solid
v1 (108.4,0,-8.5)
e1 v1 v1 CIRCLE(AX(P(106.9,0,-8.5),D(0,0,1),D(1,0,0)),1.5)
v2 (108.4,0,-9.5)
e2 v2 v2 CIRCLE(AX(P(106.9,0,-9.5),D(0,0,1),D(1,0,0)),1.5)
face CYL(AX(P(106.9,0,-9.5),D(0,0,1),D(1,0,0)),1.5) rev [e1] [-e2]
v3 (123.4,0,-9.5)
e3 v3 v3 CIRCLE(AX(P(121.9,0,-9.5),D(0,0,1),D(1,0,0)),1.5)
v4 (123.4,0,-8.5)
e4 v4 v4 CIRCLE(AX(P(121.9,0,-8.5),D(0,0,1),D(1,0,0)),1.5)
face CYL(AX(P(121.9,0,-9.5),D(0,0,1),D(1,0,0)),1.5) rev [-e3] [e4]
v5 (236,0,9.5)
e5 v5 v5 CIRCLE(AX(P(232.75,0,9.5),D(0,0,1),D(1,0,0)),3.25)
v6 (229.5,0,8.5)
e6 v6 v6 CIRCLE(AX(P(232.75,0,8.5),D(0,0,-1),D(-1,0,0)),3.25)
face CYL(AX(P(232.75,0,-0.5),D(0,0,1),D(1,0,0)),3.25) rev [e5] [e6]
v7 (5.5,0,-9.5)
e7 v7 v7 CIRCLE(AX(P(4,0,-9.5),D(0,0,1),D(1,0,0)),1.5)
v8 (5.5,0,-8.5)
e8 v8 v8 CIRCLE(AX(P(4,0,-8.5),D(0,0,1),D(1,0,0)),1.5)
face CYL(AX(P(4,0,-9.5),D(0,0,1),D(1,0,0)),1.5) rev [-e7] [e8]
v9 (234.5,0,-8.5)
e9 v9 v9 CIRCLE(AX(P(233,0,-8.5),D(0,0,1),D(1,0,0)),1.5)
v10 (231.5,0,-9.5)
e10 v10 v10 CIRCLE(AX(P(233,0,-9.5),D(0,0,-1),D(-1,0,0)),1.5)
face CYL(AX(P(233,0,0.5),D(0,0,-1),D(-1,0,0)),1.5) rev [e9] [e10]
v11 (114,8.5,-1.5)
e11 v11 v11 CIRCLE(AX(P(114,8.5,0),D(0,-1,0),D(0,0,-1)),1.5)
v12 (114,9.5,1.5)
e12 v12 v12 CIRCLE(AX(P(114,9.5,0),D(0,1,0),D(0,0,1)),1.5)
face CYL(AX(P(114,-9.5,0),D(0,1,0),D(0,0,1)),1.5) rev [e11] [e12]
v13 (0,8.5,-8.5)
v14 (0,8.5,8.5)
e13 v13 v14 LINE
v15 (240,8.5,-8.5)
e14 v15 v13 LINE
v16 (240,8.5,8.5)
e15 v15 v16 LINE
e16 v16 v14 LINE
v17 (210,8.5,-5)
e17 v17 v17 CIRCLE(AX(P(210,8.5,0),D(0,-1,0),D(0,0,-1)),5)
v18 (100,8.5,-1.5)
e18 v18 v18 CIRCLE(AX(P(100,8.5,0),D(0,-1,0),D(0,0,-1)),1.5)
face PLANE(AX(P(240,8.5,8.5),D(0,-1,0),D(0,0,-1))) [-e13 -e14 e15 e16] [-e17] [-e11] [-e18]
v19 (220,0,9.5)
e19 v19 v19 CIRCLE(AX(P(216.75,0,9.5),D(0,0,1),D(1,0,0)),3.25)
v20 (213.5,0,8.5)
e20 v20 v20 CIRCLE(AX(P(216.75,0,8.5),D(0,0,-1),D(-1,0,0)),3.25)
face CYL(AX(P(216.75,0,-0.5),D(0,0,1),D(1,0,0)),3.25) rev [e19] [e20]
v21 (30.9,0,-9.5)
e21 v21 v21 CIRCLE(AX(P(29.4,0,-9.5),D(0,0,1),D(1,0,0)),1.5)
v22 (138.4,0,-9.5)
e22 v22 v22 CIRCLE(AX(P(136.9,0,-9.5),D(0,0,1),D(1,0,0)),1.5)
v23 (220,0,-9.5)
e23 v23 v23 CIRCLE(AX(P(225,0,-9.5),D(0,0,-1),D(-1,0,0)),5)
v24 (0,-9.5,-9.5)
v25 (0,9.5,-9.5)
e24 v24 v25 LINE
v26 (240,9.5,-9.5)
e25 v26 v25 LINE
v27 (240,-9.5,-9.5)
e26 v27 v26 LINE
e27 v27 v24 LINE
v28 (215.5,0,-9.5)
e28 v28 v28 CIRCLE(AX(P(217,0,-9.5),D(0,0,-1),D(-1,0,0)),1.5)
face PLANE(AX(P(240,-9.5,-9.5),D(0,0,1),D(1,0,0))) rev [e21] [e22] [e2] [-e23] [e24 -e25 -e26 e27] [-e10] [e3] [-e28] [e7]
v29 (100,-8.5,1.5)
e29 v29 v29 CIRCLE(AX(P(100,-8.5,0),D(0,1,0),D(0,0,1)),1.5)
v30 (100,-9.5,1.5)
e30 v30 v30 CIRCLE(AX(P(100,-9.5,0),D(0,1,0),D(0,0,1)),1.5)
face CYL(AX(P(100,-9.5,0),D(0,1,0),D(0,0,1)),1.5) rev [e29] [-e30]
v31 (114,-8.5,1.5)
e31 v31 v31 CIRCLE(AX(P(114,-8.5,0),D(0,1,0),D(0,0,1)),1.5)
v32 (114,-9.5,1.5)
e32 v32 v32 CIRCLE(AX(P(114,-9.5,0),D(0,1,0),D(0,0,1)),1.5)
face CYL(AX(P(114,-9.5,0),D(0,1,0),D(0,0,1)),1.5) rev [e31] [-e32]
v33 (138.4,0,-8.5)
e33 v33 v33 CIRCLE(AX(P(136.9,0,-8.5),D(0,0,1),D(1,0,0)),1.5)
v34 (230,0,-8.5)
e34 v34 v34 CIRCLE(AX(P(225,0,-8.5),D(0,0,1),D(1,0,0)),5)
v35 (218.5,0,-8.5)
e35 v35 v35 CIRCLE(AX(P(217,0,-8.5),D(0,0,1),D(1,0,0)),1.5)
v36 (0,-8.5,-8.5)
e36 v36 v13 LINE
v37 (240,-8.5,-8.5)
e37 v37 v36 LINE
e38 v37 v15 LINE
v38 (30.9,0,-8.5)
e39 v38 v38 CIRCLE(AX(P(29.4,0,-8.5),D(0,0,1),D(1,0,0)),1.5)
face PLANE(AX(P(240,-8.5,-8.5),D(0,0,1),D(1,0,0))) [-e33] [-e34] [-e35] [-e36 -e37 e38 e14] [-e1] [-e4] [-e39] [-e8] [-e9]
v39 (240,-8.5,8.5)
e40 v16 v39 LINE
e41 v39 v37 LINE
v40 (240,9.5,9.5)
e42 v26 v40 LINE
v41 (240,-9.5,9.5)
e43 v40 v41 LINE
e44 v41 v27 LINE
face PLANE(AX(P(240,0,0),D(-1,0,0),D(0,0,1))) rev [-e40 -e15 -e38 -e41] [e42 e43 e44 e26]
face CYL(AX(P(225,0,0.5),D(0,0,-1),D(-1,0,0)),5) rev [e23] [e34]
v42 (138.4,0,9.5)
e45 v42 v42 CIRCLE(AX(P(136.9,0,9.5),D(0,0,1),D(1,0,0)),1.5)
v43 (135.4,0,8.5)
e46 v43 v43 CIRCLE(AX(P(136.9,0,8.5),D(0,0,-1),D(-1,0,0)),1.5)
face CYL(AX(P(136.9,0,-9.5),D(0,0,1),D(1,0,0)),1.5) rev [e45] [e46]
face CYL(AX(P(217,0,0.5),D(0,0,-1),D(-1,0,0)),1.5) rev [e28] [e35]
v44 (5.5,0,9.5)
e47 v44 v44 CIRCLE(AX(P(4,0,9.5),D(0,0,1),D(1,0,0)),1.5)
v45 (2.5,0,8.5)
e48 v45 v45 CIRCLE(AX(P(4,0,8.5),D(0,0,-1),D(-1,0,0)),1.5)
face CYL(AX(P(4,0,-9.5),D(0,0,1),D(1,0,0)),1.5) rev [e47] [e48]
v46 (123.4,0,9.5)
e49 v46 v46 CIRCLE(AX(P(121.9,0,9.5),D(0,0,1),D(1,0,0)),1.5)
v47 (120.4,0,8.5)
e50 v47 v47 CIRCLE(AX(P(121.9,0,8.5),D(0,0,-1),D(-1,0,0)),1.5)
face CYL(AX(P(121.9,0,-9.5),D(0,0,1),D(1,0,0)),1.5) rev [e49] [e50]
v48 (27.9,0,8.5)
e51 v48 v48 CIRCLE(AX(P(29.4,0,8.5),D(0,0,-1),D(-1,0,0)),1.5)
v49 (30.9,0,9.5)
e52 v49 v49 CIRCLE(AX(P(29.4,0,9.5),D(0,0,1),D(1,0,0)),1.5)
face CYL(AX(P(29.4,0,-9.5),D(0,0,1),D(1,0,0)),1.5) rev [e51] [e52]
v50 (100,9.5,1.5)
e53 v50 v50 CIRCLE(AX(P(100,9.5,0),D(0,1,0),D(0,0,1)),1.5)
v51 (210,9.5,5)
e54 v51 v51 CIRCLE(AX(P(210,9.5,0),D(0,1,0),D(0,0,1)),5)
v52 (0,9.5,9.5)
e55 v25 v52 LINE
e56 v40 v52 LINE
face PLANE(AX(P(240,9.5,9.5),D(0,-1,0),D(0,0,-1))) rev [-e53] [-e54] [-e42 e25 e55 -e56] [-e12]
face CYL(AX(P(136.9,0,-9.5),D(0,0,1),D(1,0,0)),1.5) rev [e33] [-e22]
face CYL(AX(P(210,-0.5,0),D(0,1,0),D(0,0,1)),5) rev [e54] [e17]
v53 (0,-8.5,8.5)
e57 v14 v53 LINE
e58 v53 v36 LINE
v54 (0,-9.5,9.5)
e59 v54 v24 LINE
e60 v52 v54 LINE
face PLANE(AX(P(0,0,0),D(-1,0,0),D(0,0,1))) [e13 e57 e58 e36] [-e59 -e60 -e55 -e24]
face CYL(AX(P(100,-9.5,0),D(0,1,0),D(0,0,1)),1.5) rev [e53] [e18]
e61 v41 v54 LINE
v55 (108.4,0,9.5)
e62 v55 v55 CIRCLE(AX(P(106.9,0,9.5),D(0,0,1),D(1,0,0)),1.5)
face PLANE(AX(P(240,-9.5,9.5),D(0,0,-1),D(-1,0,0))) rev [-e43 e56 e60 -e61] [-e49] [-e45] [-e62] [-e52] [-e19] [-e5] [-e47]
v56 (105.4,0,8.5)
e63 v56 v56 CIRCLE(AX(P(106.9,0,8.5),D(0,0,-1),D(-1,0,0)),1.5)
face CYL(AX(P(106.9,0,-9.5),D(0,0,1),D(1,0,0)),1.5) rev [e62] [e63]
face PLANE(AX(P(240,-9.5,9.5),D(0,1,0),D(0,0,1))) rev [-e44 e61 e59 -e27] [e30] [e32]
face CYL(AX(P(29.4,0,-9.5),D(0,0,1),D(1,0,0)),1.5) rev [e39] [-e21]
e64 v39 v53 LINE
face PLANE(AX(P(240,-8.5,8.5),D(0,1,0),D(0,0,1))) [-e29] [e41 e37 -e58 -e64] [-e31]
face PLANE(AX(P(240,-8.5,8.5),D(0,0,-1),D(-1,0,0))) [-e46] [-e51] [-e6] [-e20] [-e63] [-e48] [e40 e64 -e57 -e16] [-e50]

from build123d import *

# Parameters (mm, degrees)
SKETCH1_W           = 19
SKETCH1_H           = 19
SKETCH1_W_2         = 17
SKETCH1_H_2         = 17
BOSS_EXTRUDE1_DEPTH = 240
SKETCH3_R           = 1.5
CUT_EXTRUDE1_DEPTH  = 241.938270103
SKETCH7_R           = 1.5
CUT_EXTRUDE5_DEPTH  = 241.938270103
SKETCH9_R           = 5
CUT_EXTRUDE6_DEPTH  = 10
SKETCH10_R          = 3.25
CUT_EXTRUDE7_DEPTH  = 10
SKETCH11_R          = 5
SKETCH11_R_2        = 1.5
CUT_EXTRUDE8_DEPTH  = 10


with BuildPart() as part:
    # Sketch1 → Boss-Extrude1 (new body)
    with BuildSketch(Plane(origin=(0, 0, 0), x_dir=(0, 0, -1), z_dir=(1, 0, 0))):
        Rectangle(SKETCH1_W, SKETCH1_H)
        Rectangle(SKETCH1_W_2, SKETCH1_H_2, mode=Mode.SUBTRACT)
    extrude(amount=BOSS_EXTRUDE1_DEPTH)

    # Sketch3 → Cut-Extrude1 (cut, through all)
    with BuildSketch(Plane.XY.offset(9.5)):
        with Locations((4, 0)):
            Circle(SKETCH3_R)
        with Locations((29.4, 0)):
            Circle(SKETCH3_R)
        with Locations((106.9, 0)):
            Circle(SKETCH3_R)
        with Locations((121.9, 0)):
            Circle(SKETCH3_R)
        with Locations((136.9, 0)):
            Circle(SKETCH3_R)
    extrude(amount=-CUT_EXTRUDE1_DEPTH, mode=Mode.SUBTRACT)

    # Sketch7 → Cut-Extrude5 (cut, through all)
    with BuildSketch(Plane(origin=(0, 9.5, 0), x_dir=(1, 0, 0), z_dir=(0, 1, 0))):
        with Locations(Location((100, 0, 0), (0, 0, 270))):
            Circle(SKETCH7_R)
        with Locations(Location((114, 0, 0), (0, 0, 270))):
            Circle(SKETCH7_R)
    extrude(amount=-CUT_EXTRUDE5_DEPTH, mode=Mode.SUBTRACT)

    # Sketch9 → Cut-Extrude6 (cut)
    with BuildSketch(Plane(origin=(0, 9.5, 0), x_dir=(1, 0, 0), z_dir=(0, 1, 0))):
        with Locations(Location((210, 0, 0), (0, 0, 270))):
            Circle(SKETCH9_R)
    extrude(amount=-CUT_EXTRUDE6_DEPTH, mode=Mode.SUBTRACT)

    # Sketch10 → Cut-Extrude7 (cut)
    with BuildSketch(Plane.XY.offset(9.5)):
        with Locations((232.75, 0)):
            Circle(SKETCH10_R)
        with Locations((216.75, 0)):
            Circle(SKETCH10_R)
    extrude(amount=-CUT_EXTRUDE7_DEPTH, mode=Mode.SUBTRACT)

    # Sketch11 → Cut-Extrude8 (cut)
    with BuildSketch(Plane(origin=(0, 0, -9.5), x_dir=(-1, 0, 0), z_dir=(0, 0, -1))):
        with Locations((-225, 0)):
            Circle(SKETCH11_R)
        with Locations((-217, 0)):
            Circle(SKETCH11_R_2)
        with Locations((-233, 0)):
            Circle(SKETCH11_R_2)
    extrude(amount=-CUT_EXTRUDE8_DEPTH, mode=Mode.SUBTRACT)


solid = part.part
